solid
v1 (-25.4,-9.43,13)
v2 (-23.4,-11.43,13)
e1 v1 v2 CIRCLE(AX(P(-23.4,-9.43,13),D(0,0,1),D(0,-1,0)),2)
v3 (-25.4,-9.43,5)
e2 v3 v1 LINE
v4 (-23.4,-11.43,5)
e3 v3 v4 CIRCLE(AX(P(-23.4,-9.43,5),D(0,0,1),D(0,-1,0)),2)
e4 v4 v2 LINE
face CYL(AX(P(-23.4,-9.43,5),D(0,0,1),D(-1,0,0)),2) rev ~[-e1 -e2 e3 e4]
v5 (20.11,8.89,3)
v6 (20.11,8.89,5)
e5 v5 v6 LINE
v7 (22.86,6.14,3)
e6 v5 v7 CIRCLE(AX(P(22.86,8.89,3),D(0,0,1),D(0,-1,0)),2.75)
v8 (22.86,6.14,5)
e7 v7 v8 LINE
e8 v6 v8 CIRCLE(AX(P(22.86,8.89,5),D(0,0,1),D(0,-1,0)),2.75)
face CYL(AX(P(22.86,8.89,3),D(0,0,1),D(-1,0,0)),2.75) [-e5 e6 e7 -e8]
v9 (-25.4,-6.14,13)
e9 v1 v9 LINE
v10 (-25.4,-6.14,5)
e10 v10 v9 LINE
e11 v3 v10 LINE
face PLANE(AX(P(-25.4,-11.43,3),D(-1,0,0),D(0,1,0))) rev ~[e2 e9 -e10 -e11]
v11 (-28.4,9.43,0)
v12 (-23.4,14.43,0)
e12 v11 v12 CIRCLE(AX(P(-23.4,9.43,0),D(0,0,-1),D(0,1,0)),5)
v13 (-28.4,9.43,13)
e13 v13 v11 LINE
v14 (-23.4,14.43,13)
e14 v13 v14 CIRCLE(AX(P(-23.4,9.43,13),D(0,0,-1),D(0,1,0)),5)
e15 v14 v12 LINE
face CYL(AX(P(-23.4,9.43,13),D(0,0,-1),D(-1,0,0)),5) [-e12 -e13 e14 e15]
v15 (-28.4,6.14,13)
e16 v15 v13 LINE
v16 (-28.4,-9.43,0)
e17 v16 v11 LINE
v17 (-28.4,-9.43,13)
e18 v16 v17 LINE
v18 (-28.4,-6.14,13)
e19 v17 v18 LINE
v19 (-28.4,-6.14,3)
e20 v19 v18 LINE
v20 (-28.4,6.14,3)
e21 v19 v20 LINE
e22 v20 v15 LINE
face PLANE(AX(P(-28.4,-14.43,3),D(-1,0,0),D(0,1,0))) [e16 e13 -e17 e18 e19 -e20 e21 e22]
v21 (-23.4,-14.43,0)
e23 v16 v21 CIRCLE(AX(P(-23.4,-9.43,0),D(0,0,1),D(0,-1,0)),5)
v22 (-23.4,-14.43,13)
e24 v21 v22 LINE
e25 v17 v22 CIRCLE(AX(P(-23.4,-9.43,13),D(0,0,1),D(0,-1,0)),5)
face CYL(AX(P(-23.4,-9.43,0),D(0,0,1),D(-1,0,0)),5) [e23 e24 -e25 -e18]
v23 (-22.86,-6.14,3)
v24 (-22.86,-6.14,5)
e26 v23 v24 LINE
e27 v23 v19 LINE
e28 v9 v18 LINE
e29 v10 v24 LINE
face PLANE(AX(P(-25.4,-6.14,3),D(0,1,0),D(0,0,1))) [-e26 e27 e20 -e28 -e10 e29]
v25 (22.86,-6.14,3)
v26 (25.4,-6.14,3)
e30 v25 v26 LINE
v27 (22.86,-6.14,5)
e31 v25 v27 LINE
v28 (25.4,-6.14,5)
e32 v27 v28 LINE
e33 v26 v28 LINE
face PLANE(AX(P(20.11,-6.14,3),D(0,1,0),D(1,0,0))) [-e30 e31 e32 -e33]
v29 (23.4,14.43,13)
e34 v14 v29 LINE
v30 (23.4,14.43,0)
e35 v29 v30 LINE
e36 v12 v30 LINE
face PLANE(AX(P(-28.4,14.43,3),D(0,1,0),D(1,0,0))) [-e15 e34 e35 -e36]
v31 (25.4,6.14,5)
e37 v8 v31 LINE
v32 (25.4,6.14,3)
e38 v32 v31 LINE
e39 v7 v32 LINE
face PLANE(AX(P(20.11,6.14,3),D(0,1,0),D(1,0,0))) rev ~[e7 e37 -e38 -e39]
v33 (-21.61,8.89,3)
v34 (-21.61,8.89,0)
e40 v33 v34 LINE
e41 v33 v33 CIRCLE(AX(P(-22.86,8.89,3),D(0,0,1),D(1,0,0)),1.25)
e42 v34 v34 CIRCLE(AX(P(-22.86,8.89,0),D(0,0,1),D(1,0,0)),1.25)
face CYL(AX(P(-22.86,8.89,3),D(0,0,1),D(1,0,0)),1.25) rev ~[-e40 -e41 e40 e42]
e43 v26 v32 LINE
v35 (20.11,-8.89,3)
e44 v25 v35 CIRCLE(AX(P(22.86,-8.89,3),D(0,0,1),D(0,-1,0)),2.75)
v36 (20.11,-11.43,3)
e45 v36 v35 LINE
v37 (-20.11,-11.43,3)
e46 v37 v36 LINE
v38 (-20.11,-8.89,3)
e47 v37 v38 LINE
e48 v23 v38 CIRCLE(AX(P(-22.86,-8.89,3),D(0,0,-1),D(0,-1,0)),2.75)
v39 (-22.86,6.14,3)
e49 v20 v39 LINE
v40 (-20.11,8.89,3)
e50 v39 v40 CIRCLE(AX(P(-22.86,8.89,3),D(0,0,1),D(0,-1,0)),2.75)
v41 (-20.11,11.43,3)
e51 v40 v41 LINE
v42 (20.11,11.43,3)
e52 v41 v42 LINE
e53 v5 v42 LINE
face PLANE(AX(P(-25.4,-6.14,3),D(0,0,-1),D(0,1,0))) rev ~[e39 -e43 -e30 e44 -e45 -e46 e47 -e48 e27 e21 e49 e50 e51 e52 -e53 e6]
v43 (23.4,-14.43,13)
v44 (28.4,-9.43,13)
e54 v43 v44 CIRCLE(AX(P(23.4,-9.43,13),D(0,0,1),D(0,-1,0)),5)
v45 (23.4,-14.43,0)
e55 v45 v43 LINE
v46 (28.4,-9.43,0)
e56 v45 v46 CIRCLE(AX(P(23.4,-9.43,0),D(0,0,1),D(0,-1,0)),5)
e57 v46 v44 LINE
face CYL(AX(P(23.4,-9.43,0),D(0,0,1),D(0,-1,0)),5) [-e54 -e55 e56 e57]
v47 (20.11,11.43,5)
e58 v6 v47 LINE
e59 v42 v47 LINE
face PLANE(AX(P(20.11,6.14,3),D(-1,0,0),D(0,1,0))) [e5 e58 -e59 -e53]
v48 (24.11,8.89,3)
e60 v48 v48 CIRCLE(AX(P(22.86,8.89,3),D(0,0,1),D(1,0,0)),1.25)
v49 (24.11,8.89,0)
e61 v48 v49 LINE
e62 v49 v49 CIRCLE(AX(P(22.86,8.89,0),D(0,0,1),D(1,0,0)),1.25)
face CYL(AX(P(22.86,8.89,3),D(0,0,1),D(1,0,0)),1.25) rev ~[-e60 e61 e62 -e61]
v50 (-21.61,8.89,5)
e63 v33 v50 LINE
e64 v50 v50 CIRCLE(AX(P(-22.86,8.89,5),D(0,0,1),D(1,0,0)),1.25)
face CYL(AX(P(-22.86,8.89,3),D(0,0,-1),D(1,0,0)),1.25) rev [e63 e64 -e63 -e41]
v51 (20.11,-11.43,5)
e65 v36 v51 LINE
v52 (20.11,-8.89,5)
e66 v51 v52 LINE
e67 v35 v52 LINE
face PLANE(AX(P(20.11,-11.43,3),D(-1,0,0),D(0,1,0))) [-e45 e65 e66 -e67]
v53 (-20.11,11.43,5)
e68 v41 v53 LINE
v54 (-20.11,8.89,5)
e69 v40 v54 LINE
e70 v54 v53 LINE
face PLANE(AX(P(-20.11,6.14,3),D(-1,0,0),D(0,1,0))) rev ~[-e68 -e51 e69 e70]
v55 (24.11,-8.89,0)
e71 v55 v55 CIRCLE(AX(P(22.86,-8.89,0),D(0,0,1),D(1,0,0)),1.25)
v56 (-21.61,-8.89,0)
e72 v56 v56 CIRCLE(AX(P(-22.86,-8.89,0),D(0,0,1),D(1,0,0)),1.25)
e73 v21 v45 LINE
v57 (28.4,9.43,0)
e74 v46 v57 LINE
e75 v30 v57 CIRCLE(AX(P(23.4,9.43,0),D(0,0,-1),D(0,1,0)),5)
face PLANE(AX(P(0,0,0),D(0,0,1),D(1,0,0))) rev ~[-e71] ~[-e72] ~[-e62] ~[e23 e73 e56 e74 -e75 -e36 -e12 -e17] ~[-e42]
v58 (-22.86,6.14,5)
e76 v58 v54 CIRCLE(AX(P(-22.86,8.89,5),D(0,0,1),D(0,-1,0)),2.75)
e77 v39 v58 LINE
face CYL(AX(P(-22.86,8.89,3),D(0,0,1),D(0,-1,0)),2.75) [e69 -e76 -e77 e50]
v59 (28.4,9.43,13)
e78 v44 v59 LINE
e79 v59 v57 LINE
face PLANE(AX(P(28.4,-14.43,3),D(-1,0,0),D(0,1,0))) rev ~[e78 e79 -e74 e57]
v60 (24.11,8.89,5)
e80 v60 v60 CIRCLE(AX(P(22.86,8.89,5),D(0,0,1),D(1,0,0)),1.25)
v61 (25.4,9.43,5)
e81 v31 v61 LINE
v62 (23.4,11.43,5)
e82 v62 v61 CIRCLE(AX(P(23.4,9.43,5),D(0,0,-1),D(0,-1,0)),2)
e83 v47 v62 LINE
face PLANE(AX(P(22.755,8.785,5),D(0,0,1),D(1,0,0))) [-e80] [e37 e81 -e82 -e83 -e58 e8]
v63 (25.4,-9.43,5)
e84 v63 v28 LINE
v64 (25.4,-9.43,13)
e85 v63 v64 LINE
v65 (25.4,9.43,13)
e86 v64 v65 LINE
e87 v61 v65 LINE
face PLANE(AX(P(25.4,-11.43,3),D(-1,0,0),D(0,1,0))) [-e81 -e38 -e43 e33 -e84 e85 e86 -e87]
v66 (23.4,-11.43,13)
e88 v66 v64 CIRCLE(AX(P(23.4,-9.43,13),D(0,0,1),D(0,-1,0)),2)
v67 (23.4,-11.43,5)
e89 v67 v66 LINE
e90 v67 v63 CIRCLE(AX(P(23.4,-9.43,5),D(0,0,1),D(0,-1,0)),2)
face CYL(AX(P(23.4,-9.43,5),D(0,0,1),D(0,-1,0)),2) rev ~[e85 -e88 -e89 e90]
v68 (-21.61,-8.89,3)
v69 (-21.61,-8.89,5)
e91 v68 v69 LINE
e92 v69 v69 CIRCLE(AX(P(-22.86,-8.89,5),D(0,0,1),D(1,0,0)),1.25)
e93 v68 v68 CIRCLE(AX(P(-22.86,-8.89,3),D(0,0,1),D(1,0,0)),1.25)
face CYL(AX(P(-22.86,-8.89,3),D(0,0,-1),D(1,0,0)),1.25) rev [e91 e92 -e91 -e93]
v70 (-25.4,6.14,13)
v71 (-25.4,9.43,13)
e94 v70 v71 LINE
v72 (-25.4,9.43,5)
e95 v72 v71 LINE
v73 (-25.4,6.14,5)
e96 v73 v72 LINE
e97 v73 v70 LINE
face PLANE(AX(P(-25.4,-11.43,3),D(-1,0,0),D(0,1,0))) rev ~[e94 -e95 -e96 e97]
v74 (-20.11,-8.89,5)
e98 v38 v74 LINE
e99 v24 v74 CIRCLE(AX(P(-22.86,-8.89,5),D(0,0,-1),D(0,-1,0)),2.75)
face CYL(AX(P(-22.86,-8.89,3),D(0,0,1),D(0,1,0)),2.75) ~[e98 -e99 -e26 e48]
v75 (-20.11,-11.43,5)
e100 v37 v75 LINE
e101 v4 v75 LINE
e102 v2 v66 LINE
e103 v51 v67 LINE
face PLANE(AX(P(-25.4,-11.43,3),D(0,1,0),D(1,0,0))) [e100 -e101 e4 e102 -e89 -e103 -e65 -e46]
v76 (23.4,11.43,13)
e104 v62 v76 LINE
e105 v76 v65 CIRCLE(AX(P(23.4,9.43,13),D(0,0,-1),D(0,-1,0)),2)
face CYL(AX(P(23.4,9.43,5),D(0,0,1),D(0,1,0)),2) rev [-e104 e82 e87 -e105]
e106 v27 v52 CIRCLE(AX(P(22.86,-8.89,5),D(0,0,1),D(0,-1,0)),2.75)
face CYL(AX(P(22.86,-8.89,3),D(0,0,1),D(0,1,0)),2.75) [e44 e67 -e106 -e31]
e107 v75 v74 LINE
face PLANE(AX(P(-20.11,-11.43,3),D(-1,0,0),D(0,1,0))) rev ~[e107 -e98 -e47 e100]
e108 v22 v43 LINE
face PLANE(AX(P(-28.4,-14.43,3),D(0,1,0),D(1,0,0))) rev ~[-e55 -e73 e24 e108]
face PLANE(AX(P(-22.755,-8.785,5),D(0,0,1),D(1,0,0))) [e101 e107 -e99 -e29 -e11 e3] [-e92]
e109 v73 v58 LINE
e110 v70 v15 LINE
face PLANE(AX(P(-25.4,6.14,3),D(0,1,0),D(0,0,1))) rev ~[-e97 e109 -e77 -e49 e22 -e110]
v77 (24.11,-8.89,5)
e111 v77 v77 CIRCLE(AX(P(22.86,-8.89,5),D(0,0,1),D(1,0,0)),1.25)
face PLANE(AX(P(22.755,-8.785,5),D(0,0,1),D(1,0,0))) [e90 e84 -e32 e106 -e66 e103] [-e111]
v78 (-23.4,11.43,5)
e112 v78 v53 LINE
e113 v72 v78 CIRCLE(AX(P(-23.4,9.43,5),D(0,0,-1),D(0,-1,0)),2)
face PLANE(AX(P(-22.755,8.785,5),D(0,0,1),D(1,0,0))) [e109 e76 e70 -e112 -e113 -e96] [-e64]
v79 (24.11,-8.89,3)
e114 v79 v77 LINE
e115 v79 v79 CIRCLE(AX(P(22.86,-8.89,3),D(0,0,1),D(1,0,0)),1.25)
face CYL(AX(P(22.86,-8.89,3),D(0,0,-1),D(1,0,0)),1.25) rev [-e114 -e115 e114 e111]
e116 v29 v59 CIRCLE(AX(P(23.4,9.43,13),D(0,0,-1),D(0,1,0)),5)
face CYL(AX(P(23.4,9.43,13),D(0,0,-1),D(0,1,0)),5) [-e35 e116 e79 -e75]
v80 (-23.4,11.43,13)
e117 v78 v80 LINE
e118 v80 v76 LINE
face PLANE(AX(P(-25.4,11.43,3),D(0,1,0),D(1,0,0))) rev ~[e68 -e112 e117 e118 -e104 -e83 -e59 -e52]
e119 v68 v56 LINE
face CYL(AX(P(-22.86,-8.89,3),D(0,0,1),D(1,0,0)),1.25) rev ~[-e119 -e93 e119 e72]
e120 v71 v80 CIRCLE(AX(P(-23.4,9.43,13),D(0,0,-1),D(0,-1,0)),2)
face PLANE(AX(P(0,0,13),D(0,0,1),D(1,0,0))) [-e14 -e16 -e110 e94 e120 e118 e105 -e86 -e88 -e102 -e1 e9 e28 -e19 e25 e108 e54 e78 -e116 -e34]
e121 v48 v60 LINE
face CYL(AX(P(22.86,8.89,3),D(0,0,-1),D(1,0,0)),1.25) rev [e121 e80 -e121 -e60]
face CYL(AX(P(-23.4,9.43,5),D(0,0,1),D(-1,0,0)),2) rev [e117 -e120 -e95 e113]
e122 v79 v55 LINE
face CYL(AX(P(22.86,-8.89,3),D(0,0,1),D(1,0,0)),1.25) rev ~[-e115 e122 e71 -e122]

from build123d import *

# Parameters (mm, degrees)
F0_W      = 56.8
F0_H      = 28.86
F1_DEPTH  = 3
F2_W      = 56.8
F2_H      = 28.86
F2_W_2    = 50.8
F2_H_2    = 22.86
F3_DEPTH  = 10
F4_W      = 5.29
F4_H      = 5.29
F4_R      = 1.25
F5_DEPTH  = 2
F6_R      = 2.75
F7_R      = 2
F8_R      = 5
F9_W      = 12.28
F9_H      = 10
F10_DEPTH = 3
F11_DEPTH = 3


with BuildPart() as f1:
    # F0 (on Top) → F1 (new body)
    with BuildSketch(Plane.XY):
        Rectangle(F0_W, F0_H)
    extrude(amount=F1_DEPTH)

    # F2 (on face) → F3 (join)
    with BuildSketch(Plane.XY.offset(3)):
        Rectangle(F2_W, F2_H)
        Rectangle(F2_W_2, F2_H_2, mode=Mode.SUBTRACT)
    extrude(amount=F3_DEPTH)

    # F4 (on face) → F5 (join)
    with BuildSketch(Plane.XY.offset(3)):
        with Locations((-22.755, 8.785)):
            Rectangle(F4_W, F4_H)
        with Locations((-22.86, 8.89)):
            Circle(F4_R, mode=Mode.SUBTRACT)
        with Locations((22.755, -8.785)):
            Rectangle(F4_W, F4_H)
        with Locations((22.86, -8.89)):
            Circle(F4_R, mode=Mode.SUBTRACT)
        with Locations((22.755, 8.785)):
            Rectangle(F4_W, F4_H)
        with Locations((22.86, 8.89)):
            Circle(F4_R, mode=Mode.SUBTRACT)
        with Locations((-22.755, -8.785)):
            Rectangle(F4_W, F4_H)
        with Locations((-22.86, -8.89)):
            Circle(F4_R, mode=Mode.SUBTRACT)
    extrude(amount=F5_DEPTH)

    # F6
    f6_edges = [f1.edges().sort_by_distance(p)[0] for p in [
        (-20.11, 6.14, 4),
        (20.11, 6.14, 4),
        (20.11, -6.14, 4),
        (-20.11, -6.14, 4),
    ]]
    fillet(f6_edges, radius=F6_R)

    # F7
    f7_edges = [f1.edges().sort_by_distance(p)[0] for p in [
        (-25.4, 11.43, 9),
        (25.4, 11.43, 9),
        (25.4, -11.43, 9),
        (-25.4, -11.43, 9),
    ]]
    fillet(f7_edges, radius=F7_R)

    # F8
    f8_edges = [f1.edges().sort_by_distance(p)[0] for p in [
        (28.4, 14.43, 6.5),
        (28.4, -14.43, 6.5),
        (-28.4, -14.43, 6.5),
        (-28.4, 14.43, 6.5),
    ]]
    fillet(f8_edges, radius=F8_R)

    # F9 (on face) → F10 (cut, through all)
    with BuildSketch(Plane.YZ.offset(-25.4)):
        with Locations((0, 8)):
            Rectangle(F9_W, F9_H)
    extrude(amount=-F10_DEPTH, mode=Mode.SUBTRACT)

    # F11 (cut, through all): faces of the model
    f11_faces = [f1.faces().sort_by_distance(p)[0] for p in [
        (22.86, 8.89, 3),
        (22.86, -8.89, 3),
        (-22.86, -8.89, 3),
        (-22.86, 8.89, 3),
    ]]
    extrude(f11_faces, amount=-F11_DEPTH, mode=Mode.SUBTRACT)


solid = f1.part
